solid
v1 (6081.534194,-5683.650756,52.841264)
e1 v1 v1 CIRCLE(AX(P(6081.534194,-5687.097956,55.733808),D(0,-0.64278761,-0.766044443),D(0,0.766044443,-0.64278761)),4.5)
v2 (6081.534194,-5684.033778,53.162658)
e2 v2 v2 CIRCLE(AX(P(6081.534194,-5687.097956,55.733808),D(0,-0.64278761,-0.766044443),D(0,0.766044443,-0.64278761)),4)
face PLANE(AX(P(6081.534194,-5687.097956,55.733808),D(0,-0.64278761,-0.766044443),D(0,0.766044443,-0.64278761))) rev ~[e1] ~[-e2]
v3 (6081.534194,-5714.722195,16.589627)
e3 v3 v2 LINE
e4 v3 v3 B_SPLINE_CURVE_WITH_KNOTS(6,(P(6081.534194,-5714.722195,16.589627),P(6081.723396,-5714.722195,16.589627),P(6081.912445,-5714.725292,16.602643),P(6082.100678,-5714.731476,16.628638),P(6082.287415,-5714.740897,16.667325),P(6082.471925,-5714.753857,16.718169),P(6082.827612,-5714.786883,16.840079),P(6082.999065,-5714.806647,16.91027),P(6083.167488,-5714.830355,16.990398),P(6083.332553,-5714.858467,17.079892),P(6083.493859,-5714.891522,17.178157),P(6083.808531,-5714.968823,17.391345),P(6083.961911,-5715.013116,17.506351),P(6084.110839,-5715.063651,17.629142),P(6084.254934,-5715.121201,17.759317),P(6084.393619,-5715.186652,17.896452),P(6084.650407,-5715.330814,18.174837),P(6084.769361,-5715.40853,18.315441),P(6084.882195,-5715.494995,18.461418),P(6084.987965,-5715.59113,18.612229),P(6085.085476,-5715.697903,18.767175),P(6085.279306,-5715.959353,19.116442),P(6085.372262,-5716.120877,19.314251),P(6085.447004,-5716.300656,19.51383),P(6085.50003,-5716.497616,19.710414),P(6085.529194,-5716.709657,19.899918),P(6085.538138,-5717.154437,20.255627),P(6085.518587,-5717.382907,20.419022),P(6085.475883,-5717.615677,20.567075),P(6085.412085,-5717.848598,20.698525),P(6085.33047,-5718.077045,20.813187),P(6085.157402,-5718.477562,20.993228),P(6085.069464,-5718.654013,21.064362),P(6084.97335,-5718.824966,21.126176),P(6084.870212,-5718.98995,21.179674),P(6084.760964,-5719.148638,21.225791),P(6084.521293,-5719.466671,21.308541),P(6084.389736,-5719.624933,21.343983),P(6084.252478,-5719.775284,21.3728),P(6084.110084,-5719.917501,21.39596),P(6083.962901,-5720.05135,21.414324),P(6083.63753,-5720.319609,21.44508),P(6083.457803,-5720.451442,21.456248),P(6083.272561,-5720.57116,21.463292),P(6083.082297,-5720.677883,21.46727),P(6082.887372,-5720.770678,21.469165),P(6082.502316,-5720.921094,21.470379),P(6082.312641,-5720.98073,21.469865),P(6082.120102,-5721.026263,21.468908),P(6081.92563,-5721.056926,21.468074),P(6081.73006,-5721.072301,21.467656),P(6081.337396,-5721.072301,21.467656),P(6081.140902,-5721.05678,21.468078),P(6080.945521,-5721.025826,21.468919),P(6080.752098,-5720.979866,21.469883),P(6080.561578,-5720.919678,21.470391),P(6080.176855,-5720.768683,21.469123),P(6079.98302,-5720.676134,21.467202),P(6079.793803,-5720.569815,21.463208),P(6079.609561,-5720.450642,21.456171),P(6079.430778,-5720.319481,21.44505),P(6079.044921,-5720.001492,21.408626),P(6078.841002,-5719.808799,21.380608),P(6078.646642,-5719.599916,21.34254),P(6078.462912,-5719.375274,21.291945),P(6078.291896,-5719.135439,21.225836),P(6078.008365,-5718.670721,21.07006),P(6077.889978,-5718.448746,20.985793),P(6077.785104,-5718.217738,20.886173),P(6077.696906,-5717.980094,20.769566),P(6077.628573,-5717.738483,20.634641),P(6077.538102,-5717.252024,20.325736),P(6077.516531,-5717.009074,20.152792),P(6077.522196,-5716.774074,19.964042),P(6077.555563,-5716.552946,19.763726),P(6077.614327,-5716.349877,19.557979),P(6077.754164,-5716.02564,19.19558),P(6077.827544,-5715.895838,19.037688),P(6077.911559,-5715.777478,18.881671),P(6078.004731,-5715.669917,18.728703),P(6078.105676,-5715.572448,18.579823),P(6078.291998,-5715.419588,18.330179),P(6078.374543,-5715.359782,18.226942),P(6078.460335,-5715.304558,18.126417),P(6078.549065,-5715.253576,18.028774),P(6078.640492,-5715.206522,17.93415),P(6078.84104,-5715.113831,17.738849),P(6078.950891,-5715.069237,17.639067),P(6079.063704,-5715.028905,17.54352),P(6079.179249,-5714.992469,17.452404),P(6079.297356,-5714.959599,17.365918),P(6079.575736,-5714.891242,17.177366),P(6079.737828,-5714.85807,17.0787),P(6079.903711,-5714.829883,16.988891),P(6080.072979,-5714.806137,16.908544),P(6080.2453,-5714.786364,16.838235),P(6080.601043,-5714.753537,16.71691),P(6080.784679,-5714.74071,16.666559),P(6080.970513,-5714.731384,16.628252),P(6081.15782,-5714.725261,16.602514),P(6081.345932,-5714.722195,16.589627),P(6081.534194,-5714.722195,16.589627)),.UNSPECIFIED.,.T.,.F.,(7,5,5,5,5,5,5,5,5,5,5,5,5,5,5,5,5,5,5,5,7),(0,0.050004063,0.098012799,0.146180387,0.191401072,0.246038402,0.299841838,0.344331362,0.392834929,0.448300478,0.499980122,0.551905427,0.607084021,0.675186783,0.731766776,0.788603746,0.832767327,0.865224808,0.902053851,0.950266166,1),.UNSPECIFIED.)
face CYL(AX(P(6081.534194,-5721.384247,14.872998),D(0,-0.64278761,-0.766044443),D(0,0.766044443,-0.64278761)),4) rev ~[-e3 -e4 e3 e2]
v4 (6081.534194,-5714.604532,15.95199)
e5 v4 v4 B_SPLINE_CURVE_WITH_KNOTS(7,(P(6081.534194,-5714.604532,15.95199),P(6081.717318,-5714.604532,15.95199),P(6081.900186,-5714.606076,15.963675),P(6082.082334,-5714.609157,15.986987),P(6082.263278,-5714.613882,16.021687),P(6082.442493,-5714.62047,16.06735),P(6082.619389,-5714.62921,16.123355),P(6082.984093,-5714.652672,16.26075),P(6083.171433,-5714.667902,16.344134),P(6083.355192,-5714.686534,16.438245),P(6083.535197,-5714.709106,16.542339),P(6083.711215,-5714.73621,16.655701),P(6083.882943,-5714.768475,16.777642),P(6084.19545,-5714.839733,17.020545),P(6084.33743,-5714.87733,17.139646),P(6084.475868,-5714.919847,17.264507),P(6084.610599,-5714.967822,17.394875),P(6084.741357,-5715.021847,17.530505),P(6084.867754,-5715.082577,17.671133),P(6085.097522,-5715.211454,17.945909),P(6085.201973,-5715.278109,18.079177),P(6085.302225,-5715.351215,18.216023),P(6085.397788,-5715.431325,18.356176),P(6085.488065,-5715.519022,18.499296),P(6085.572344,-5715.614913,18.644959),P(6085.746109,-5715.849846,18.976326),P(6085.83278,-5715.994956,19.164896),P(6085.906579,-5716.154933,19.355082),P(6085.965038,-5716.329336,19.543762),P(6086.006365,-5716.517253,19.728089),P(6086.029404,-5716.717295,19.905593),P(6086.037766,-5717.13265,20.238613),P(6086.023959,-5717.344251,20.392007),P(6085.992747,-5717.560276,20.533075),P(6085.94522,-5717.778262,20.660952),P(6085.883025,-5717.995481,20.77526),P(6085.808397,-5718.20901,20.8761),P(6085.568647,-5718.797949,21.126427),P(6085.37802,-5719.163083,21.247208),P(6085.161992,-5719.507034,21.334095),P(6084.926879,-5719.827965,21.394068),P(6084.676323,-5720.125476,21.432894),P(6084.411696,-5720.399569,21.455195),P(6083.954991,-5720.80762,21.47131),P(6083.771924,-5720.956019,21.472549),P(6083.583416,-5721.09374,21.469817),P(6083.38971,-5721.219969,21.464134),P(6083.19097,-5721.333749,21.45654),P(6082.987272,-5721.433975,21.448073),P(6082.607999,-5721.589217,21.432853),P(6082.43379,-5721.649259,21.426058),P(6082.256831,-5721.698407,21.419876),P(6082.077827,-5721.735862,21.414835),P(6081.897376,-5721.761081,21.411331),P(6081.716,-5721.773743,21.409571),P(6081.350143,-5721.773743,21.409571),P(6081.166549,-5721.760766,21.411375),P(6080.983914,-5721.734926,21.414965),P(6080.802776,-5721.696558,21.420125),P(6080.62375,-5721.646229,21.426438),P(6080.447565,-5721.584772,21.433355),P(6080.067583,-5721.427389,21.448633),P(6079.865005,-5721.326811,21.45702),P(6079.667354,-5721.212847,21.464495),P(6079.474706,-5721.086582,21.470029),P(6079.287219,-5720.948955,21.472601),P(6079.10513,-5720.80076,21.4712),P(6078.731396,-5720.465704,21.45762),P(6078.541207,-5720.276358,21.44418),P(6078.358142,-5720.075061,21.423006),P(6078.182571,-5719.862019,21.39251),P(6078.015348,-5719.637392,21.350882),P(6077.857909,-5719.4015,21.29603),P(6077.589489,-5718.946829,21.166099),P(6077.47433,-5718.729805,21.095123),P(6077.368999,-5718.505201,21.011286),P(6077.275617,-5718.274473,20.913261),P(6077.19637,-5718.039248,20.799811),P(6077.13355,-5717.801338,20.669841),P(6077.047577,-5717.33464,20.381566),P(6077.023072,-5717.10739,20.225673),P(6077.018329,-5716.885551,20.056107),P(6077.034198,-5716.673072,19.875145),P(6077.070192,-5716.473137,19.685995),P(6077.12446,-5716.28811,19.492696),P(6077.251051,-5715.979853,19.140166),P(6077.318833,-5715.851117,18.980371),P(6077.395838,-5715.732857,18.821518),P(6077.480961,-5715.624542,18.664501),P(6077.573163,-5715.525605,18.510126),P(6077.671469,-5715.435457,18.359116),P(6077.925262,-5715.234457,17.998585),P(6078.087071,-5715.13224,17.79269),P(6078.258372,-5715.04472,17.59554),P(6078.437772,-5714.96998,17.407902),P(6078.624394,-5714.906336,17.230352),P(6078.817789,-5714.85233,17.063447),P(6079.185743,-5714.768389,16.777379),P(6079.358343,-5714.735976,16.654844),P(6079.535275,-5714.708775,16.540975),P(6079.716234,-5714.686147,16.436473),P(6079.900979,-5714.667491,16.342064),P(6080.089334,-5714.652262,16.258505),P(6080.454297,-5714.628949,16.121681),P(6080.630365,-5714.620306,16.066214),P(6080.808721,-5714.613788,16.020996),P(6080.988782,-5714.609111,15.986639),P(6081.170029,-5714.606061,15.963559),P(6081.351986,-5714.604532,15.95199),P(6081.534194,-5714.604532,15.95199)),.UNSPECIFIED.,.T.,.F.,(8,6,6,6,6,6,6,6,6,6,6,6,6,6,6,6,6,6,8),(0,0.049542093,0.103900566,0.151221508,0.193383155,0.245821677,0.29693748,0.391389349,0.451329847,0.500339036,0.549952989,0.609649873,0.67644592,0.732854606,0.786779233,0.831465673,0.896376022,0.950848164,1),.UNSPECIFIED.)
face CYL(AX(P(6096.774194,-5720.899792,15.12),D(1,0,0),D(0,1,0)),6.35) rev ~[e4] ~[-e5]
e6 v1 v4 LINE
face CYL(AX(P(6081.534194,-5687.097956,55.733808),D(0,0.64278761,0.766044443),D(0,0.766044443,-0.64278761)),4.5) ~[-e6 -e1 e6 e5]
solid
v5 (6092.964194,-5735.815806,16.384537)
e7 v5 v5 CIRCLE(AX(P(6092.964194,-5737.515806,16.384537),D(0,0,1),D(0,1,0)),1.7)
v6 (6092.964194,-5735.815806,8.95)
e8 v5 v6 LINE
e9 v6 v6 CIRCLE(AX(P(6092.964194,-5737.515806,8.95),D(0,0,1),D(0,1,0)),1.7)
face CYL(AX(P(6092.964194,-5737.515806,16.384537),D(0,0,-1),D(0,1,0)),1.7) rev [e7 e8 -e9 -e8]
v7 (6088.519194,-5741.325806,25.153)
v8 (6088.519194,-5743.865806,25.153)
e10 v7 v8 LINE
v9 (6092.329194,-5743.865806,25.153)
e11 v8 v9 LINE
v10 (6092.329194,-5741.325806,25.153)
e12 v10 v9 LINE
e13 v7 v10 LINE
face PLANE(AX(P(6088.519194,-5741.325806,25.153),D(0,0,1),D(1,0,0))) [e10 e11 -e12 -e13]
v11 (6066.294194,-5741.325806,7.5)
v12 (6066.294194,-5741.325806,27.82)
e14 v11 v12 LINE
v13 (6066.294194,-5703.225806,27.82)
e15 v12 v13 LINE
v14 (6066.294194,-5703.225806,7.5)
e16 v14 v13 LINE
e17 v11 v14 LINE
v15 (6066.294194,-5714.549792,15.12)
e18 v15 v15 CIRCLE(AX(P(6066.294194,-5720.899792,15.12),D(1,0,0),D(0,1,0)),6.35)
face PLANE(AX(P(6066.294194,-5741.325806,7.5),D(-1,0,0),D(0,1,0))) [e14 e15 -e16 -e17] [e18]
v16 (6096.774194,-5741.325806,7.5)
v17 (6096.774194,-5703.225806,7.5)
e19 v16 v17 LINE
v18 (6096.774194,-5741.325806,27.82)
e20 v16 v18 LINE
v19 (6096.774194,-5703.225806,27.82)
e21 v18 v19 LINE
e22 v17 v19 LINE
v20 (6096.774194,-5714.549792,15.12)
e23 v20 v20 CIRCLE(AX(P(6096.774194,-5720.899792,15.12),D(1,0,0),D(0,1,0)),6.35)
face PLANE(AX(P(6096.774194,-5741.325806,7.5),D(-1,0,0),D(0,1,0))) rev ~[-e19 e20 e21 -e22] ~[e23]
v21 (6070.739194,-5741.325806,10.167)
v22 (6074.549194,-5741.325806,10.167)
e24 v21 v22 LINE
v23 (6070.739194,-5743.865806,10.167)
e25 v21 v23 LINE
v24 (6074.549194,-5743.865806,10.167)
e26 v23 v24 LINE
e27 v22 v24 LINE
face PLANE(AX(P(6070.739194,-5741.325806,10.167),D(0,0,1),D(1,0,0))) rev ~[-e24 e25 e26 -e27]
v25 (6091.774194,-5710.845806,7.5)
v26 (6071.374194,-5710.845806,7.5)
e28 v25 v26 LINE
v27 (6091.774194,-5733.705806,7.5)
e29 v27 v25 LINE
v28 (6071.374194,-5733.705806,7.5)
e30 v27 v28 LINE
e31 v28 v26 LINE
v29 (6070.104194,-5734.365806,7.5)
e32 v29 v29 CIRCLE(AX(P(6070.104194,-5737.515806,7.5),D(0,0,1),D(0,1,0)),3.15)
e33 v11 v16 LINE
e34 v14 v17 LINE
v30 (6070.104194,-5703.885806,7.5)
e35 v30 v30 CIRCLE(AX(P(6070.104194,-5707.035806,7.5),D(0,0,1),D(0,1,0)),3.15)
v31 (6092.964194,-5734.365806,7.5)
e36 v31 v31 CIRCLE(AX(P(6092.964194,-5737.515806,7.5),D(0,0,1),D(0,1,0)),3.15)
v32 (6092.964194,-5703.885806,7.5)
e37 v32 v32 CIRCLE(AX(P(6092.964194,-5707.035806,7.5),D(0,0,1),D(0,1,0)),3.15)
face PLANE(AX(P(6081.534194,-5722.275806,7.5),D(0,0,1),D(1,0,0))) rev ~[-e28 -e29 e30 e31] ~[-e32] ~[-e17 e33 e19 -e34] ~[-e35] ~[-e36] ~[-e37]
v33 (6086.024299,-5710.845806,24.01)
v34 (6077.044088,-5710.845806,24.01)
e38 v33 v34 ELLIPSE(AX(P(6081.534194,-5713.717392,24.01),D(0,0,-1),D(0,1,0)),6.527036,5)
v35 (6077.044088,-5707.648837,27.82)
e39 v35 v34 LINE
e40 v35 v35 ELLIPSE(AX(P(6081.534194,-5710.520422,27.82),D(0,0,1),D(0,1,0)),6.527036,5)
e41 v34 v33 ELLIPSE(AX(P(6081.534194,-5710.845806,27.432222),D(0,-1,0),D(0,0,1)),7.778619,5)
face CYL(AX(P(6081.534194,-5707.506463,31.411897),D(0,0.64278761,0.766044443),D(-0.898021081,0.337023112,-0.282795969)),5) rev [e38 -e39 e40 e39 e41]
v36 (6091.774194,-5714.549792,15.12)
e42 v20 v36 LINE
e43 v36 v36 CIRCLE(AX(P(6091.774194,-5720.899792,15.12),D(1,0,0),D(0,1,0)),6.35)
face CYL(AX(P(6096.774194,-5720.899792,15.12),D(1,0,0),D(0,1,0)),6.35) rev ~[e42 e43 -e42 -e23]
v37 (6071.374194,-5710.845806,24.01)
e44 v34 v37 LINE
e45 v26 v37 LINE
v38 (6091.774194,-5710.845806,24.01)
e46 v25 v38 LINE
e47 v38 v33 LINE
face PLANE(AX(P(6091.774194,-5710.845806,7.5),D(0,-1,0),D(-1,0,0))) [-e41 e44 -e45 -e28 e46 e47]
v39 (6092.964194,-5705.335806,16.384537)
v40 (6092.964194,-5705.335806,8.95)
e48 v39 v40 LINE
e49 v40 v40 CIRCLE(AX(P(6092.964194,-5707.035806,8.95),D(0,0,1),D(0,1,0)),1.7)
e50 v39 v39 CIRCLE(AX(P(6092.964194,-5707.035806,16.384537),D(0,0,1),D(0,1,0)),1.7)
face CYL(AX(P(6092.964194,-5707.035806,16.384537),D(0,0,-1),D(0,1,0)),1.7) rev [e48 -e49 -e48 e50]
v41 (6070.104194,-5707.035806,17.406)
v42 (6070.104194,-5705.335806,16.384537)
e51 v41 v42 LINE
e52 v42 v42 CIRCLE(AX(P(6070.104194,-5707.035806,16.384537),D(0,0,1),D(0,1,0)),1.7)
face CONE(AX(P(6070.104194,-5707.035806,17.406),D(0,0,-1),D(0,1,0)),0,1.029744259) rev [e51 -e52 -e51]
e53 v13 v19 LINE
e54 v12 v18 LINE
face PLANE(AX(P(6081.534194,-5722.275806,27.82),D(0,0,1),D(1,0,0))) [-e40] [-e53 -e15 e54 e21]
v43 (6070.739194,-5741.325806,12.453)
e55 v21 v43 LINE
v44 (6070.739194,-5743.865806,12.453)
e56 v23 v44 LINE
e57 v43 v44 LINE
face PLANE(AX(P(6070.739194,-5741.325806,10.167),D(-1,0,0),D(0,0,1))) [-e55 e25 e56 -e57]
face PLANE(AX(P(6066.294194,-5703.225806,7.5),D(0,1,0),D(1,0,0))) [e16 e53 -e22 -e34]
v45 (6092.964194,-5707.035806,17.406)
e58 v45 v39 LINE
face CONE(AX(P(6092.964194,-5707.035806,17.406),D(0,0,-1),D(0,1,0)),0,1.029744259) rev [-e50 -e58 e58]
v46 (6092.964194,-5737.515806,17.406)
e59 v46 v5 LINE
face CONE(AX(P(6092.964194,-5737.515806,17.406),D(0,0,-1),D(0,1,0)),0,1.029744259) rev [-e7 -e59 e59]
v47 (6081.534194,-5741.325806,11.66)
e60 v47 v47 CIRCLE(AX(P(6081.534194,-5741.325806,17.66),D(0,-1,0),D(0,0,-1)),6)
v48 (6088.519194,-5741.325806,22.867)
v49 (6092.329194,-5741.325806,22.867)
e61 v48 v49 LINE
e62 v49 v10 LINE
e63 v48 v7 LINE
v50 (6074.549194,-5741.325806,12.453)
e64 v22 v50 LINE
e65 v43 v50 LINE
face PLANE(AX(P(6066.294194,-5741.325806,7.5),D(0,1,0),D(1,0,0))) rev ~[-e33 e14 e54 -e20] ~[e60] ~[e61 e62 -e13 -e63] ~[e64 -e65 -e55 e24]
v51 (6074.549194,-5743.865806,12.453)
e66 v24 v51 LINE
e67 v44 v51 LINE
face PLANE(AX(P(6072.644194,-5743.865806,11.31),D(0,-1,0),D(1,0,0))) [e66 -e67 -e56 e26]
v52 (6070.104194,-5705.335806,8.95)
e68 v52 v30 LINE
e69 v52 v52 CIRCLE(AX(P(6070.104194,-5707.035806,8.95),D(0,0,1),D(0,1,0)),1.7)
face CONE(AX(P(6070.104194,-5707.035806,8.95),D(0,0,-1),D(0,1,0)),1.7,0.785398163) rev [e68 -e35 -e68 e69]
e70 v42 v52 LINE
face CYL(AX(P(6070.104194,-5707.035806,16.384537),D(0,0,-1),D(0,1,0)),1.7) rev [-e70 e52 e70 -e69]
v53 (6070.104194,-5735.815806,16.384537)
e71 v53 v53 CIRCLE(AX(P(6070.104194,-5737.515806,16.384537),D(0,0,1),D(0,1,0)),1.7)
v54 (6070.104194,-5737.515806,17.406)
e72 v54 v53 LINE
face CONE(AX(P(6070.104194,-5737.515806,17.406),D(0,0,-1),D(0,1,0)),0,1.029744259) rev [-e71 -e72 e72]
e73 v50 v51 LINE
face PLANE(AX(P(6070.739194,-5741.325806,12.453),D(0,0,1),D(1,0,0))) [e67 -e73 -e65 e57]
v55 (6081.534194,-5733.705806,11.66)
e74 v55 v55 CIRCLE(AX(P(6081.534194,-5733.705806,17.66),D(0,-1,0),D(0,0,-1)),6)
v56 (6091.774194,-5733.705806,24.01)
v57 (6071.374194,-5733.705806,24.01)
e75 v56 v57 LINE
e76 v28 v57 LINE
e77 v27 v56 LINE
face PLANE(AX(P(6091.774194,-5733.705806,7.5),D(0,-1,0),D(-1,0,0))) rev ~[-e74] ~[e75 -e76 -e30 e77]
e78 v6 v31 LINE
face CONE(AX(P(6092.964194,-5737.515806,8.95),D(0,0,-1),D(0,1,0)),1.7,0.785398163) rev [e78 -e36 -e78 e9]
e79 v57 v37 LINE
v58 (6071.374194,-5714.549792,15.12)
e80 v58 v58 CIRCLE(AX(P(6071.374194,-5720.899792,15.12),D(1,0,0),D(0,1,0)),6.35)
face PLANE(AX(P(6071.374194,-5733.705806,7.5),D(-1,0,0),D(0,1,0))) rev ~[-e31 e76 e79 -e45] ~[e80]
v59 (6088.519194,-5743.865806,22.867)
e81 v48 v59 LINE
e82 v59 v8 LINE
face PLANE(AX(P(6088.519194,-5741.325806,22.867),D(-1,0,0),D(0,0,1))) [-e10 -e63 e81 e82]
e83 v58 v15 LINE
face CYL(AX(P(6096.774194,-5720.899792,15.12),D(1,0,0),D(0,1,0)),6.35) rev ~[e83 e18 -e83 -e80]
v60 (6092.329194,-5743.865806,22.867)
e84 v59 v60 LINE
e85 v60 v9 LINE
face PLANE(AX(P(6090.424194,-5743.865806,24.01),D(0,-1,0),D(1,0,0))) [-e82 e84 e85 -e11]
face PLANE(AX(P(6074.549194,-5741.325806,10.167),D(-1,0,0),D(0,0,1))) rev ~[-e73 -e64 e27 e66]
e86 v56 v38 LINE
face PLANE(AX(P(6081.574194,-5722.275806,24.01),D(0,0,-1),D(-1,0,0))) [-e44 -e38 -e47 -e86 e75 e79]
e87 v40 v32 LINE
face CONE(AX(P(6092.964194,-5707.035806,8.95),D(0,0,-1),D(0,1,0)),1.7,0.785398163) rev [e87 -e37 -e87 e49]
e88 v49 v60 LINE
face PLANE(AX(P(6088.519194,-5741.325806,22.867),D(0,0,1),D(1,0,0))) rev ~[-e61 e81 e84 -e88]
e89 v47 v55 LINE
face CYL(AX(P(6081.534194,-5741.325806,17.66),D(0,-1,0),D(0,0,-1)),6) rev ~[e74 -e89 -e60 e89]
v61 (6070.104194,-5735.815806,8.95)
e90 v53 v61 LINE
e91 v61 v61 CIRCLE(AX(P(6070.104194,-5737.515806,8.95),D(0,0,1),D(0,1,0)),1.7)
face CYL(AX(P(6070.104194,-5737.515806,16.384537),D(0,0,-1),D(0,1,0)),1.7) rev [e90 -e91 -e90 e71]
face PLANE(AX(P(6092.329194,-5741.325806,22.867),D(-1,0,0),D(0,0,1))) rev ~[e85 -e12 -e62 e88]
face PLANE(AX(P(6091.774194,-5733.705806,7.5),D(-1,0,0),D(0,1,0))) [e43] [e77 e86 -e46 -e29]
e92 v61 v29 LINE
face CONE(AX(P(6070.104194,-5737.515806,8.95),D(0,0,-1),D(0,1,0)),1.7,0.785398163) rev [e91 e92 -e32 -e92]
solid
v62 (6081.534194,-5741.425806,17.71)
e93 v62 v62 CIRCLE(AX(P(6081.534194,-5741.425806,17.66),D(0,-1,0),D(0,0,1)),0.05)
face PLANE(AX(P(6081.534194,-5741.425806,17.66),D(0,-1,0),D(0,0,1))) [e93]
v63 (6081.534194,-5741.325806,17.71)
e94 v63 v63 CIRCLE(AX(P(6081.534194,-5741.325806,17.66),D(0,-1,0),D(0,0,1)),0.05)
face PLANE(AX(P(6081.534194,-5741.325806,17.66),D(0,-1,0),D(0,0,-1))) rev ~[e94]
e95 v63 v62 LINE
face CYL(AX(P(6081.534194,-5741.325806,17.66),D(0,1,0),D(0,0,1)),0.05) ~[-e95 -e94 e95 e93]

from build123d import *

# Parameters (mm, degrees)
BOSS_EXTRUDE1_START                            = 7.5
SKETCH1_W                                      = 30.48
SKETCH1_H                                      = 38.1
BOSS_EXTRUDE1_DEPTH                            = 20.32
SKETCH2_W                                      = 20.4
SKETCH2_H                                      = 22.86
CUT_EXTRUDE1_DEPTH                             = 16.51
SKETCH5_R                                      = 5
CUT_EXTRUDE2_DEPTH                             = 23
BOSS_EXTRUDE2_DEPTH                            = 21.59
BOSS_EXTRUDE2_DEPTH_BACK                       = 31.75
SKETCH10_R                                     = 4.5
SKETCH11_R                                     = 4
CUT_EXTRUDE6_DEPTH                             = 7540.718926849
CSK_FOR_M3_FLAT_HEAD_MACHINE_SCREW1_AT_2_COUNT = 2
CSK_FOR_M3_FLAT_HEAD_MACHINE_SCREW1_AT_2_PITCH = 22.86
CSK_FOR_M3_FLAT_HEAD_MACHINE_SCREW1_AT_3_COUNT = 2
CSK_FOR_M3_FLAT_HEAD_MACHINE_SCREW1_AT_3_PITCH = 38.1
CSK_FOR_M3_FLAT_HEAD_MACHINE_SCREW1_AT_4_COUNT = 2
CSK_FOR_M3_FLAT_HEAD_MACHINE_SCREW1_AT_4_PITCH = 30.48
SKETCH17_R                                     = 6.35
CUT_EXTRUDE7_DEPTH                             = 5742.70602656
SKETCH19_R                                     = 0.05
BOSS_EXTRUDE3_DEPTH                            = 0.1
SKETCH29_R                                     = 6
CUT_EXTRUDE8_DEPTH                             = 7.62
SKETCH30_W                                     = 3.81
SKETCH30_H                                     = 2.286
BOSS_EXTRUDE4_DEPTH                            = 2.54


with BuildPart() as part:
    # Sketch1 → Boss-Extrude1 (new body)
    with BuildSketch(Plane.XY.offset(BOSS_EXTRUDE1_START)):
        with Locations((6081.534193548, -5722.275806452)):
            Rectangle(SKETCH1_W, SKETCH1_H)
    extrude(amount=BOSS_EXTRUDE1_DEPTH)

    # Sketch2 → Cut-Extrude1 (cut)
    with BuildSketch(Plane(origin=(0, 0, 7.5), x_dir=(-1, 0, 0), z_dir=(0, 0, -1))):
        with Locations((-6081.574193548, -5722.275806452)):
            Rectangle(SKETCH2_W, SKETCH2_H)
    extrude(amount=-CUT_EXTRUDE1_DEPTH, mode=Mode.SUBTRACT)

    # Sketch5 → Cut-Extrude2 (cut)
    with BuildSketch(Plane(origin=(0, -2342.736843325, -2791.965049535), x_dir=(-1, 0, 0), z_dir=(0, -0.6427876096865405, -0.766044443118977))):
        with Locations(Location((-6081.534193548, -4392.394788186, 0), (0, 0, 26.10084585))):
            Circle(SKETCH5_R)
    extrude(amount=CUT_EXTRUDE2_DEPTH, mode=Mode.SUBTRACT)

    # Sketch14 → CSK for M3 Flat Head Machine Screw1 (revolve, cut)
    with BuildSketch(Plane(origin=(6092.964193548, -5707.035806452, 7.5), x_dir=(0, 1, 0), z_dir=(1, 0, 0))):
        Polygon((0, 0), (0, 9.906), (1.7, 8.884536948), (1.7, 1.45), (3.15, 0), align=None)
    csk_for_m3_flat_head_machine_screw1 = revolve(axis=Axis((6092.964193548, -5707.035806452, 1.15), (0, 0, 1)), mode=Mode.SUBTRACT)

    # CSK for M3 Flat Head Machine Screw1 at 2: CSK for M3 Flat Head Machine Screw1 ×2
    with Locations(*[(-i * CSK_FOR_M3_FLAT_HEAD_MACHINE_SCREW1_AT_2_PITCH, 0, 0) for i in range(1, CSK_FOR_M3_FLAT_HEAD_MACHINE_SCREW1_AT_2_COUNT)]):
        add(csk_for_m3_flat_head_machine_screw1, mode=Mode.SUBTRACT)

    # CSK for M3 Flat Head Machine Screw1 at 3: CSK for M3 Flat Head Machine Screw1 ×2
    with Locations(*[Vector(-0.5999999999999771, -0.8000000000000171, 0) * (i * CSK_FOR_M3_FLAT_HEAD_MACHINE_SCREW1_AT_3_PITCH) for i in range(1, CSK_FOR_M3_FLAT_HEAD_MACHINE_SCREW1_AT_3_COUNT)]):
        add(csk_for_m3_flat_head_machine_screw1, mode=Mode.SUBTRACT)

    # CSK for M3 Flat Head Machine Screw1 at 4: CSK for M3 Flat Head Machine Screw1 ×2
    with Locations(*[(0, -i * CSK_FOR_M3_FLAT_HEAD_MACHINE_SCREW1_AT_4_PITCH, 0) for i in range(1, CSK_FOR_M3_FLAT_HEAD_MACHINE_SCREW1_AT_4_COUNT)]):
        add(csk_for_m3_flat_head_machine_screw1, mode=Mode.SUBTRACT)


with BuildPart() as body_2:
    # Sketch10 → Boss-Extrude2 (new, two sides: drawn at the far end of the back side and taken through both)
    with BuildSketch(Plane(origin=(0, -2342.736843325, -2791.965049535), x_dir=(-1, 0, 0), z_dir=(0, -0.6427876096865405, -0.766044443118977)).offset(-BOSS_EXTRUDE2_DEPTH_BACK)):
        with Locations(Location((-6081.534193548, -4392.394788186, 0), (0, 0, 90))):
            Circle(SKETCH10_R)
    extrude(amount=BOSS_EXTRUDE2_DEPTH + BOSS_EXTRUDE2_DEPTH_BACK)

    # Sketch11 → Cut-Extrude6 (cut, through all)
    with BuildSketch(Plane(origin=(0, -2356.614627818, -2808.503949062), x_dir=(1, 0, 0), z_dir=(0, -0.6427876096865406, -0.766044443118977))):
        with Locations(Location((6081.534193548, 4392.394788186, 0), (0, 0, 270))):
            Circle(SKETCH11_R)
    extrude(amount=-CUT_EXTRUDE6_DEPTH, mode=Mode.SUBTRACT)


with BuildPart() as cut_extrude7_tool:
    # Sketch17 → Cut-Extrude7 (new, through all)
    with BuildSketch(Plane(origin=(6096.774193549, 0, 0), x_dir=(0, 0, -1), z_dir=(1, 0, 0))):
        with Locations(Location((-15.12, -5720.899791669, 0), (0, 0, 90))):
            Circle(SKETCH17_R)
    extrude(amount=-CUT_EXTRUDE7_DEPTH)


with BuildPart() as part_1:
    add(part.part)

    # Cut-Extrude7: cut by cut_extrude7_tool
    add(cut_extrude7_tool.part, mode=Mode.SUBTRACT)

    # Sketch19 → Boss-Extrude3 (add)
    with BuildSketch(Plane.XZ.offset(5741.325806452)):
        with Locations(Location((6081.534193548, 17.66, 0), (0, 0, 89.999999995))):
            Circle(SKETCH19_R)
    extrude(amount=BOSS_EXTRUDE3_DEPTH)

    # Sketch29 → Cut-Extrude8 (cut)
    with BuildSketch(Plane.XZ.offset(5741.325806452)):
        with Locations(Location((6081.534193548, 17.66, 0), (0, 0, 270))):
            Circle(SKETCH29_R)
    extrude(amount=-CUT_EXTRUDE8_DEPTH, mode=Mode.SUBTRACT)


with BuildPart() as body_2_1:
    add(body_2.part)

    # Cut-Extrude7: cut by cut_extrude7_tool
    add(cut_extrude7_tool.part, mode=Mode.SUBTRACT)


with BuildPart() as cut_extrude8_piece_1:
    # of the separate pieces the step leaves, piece 1, a body of its own (cut_extrude8_pieces)
    add(part_1.part.solids().sort_by_distance((6066.294193548, -5703.225806452, 7.5))[0])

    # Sketch30 → Boss-Extrude4 (add)
    with BuildSketch(Plane.XZ.offset(5741.325806452)):
        with Locations((6090.424193548, 24.01)):
            Rectangle(SKETCH30_W, SKETCH30_H)
        with Locations((6072.644193548, 11.31)):
            Rectangle(SKETCH30_W, SKETCH30_H)
    extrude(amount=BOSS_EXTRUDE4_DEPTH)


with BuildPart() as cut_extrude8_piece_2:
    # of the separate pieces the step leaves, piece 2, a body of its own (cut_extrude8_pieces)
    add(part_1.part.solids().sort_by_distance((6081.534193548, -5741.325806452, 17.71))[0])


solid = Compound([body_2_1.part, cut_extrude8_piece_1.part, cut_extrude8_piece_2.part])
